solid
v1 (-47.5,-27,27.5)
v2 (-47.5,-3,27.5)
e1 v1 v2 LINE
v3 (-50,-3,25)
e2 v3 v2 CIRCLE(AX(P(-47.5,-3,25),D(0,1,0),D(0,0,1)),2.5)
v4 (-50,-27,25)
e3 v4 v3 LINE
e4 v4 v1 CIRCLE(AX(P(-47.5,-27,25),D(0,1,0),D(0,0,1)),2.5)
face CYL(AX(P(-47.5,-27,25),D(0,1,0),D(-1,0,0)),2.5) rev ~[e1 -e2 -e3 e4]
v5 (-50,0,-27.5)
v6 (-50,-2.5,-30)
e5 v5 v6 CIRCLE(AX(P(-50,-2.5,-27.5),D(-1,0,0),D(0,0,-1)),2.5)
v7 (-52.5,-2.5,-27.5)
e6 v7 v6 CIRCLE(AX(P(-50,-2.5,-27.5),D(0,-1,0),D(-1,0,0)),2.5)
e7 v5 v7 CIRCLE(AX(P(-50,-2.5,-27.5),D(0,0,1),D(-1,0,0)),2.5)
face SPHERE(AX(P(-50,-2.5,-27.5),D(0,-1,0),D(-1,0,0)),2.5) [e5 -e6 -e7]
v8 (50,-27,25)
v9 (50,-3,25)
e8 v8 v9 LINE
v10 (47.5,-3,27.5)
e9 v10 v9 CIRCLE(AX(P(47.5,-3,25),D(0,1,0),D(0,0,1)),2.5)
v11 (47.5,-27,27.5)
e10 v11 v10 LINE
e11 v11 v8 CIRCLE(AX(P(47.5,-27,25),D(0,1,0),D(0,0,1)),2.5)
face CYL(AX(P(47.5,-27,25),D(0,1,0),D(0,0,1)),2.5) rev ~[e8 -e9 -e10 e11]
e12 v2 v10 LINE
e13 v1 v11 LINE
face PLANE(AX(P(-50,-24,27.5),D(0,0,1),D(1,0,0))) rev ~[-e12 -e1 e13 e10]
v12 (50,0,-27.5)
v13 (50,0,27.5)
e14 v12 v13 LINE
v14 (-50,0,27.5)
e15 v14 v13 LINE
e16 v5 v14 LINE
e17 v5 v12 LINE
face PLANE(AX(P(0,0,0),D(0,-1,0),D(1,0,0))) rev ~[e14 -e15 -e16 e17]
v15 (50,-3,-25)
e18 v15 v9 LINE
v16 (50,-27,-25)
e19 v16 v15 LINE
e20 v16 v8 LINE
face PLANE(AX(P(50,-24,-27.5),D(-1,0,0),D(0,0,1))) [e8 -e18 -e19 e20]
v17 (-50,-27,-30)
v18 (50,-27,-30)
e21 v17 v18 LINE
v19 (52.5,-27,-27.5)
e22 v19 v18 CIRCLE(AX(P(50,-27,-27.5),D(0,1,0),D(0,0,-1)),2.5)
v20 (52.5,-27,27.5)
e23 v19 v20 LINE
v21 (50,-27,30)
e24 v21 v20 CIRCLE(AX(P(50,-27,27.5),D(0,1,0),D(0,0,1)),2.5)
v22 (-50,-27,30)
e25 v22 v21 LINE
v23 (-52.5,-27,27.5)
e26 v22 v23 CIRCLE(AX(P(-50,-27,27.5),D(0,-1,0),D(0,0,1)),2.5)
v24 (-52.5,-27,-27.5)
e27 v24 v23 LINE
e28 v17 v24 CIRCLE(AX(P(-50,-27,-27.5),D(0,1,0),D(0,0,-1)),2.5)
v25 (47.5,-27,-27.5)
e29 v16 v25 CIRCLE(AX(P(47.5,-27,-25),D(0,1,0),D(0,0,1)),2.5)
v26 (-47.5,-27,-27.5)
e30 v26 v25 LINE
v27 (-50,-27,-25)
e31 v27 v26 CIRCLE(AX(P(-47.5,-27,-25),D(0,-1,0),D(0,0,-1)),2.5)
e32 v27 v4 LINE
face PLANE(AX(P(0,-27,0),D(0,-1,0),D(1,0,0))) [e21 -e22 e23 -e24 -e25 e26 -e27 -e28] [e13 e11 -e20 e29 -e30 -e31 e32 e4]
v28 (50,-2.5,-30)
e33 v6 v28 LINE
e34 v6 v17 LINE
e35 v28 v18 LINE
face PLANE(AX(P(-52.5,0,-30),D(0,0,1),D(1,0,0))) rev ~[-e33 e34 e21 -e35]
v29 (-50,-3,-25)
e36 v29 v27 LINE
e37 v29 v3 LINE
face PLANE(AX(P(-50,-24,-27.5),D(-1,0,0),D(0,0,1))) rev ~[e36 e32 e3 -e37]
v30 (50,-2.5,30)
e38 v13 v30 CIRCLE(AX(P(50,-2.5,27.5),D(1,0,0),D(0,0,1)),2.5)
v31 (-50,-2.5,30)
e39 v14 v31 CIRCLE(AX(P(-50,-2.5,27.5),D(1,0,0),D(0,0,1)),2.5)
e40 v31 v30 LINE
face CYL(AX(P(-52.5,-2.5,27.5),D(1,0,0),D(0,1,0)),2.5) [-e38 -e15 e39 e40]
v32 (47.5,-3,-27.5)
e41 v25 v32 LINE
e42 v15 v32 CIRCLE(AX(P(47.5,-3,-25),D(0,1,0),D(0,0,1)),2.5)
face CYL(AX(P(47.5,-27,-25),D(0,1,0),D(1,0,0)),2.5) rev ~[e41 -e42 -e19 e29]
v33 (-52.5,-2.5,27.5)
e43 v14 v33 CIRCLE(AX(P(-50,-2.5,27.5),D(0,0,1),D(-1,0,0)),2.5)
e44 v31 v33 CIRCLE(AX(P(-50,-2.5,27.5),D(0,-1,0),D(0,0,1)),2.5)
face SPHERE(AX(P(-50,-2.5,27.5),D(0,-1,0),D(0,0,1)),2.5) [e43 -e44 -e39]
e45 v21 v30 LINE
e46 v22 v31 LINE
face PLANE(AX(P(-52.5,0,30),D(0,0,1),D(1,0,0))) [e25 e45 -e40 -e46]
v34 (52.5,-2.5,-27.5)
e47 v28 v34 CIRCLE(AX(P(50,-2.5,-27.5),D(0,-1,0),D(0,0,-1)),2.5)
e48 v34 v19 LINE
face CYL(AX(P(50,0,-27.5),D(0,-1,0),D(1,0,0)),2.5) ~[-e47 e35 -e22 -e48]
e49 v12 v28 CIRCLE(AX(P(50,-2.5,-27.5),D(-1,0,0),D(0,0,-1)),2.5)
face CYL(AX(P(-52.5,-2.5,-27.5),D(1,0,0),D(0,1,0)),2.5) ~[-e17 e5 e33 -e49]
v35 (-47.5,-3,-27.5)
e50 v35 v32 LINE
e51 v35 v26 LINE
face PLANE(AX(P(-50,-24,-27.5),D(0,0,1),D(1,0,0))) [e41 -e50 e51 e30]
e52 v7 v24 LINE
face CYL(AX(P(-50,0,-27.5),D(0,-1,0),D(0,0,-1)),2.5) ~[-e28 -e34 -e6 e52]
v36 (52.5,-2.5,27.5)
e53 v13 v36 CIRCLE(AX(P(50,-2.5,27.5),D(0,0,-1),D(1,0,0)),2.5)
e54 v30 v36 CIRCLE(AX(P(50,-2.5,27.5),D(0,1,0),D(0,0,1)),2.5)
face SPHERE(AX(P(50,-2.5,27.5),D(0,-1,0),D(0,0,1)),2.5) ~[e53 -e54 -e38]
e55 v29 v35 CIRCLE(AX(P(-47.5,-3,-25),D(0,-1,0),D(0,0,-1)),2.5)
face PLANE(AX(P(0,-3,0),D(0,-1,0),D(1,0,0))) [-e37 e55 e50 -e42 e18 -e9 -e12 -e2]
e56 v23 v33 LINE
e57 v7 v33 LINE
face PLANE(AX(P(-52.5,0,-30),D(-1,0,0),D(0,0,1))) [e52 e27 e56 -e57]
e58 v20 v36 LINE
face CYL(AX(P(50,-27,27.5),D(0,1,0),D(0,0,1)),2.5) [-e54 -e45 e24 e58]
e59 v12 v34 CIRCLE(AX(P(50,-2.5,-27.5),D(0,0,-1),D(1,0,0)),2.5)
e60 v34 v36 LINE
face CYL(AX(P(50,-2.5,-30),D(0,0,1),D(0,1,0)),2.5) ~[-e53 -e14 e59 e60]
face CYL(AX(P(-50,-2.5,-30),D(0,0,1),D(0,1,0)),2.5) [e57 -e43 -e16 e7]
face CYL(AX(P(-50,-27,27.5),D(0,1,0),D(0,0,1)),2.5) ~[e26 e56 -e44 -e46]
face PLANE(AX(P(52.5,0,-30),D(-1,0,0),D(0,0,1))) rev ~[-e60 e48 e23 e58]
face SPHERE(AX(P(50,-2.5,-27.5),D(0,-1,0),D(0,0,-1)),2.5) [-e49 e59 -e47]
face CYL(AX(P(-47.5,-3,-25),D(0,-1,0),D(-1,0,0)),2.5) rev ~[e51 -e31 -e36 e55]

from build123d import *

# Parameters (mm, degrees)
F0_W        = 105
F0_H        = 60
F0_W_2      = 100
F0_H_2      = 55
F2_DEPTH    = 24
F2_FACE_W   = 105
F2_FACE_H   = 60
F2_FACE_W_2 = 100
F2_FACE_H_2 = 55
F1_R        = 3
F1_R_2      = 1.25
F3_DEPTH    = 3
F4_R        = 2.5


with BuildPart() as f2:
    # F0 (on Front) → F2 (new body)
    with BuildSketch(Plane.XZ):
        Rectangle(F0_W, F0_H)
        Rectangle(F0_W_2, F0_H_2, mode=Mode.SUBTRACT)
    extrude(amount=F2_DEPTH)

    # F0 (on Front) + F2_face (on face) + F1 (on Front) → F3 (join)
    with BuildSketch(Plane.XZ):
        Rectangle(F0_W_2, F0_H_2)
    with BuildSketch(Plane.XZ.offset(24)):
        Rectangle(F2_FACE_W, F2_FACE_H)
        Rectangle(F2_FACE_W_2, F2_FACE_H_2, mode=Mode.SUBTRACT)
    with BuildSketch(Plane.XZ):
        with Locations((-42.9925474213, -21.9911143348)):
            Circle(F1_R)
        with Locations((-42.9925474213, -21.9911143348)):
            Circle(F1_R_2, mode=Mode.SUBTRACT)
        with Locations((-42.9925474213, 22.0088856652)):
            Circle(F1_R)
        with Locations((-42.9925474213, 22.0088856652)):
            Circle(F1_R_2, mode=Mode.SUBTRACT)
        with Locations((43.0074525787, 22.0088856652)):
            Circle(F1_R)
        with Locations((43.0074525787, 22.0088856652)):
            Circle(F1_R_2, mode=Mode.SUBTRACT)
        with Locations((43.0074525787, -21.9911143348)):
            Circle(F1_R)
        with Locations((43.0074525787, -21.9911143348)):
            Circle(F1_R_2, mode=Mode.SUBTRACT)
    extrude(amount=F3_DEPTH)

    # F4
    f4_edges = [f2.edges().sort_by_distance(p)[0] for p in [
        (-52.5, -13.5, -30),
        (52.5, -13.5, -30),
        (52.5, -13.5, 30),
        (-52.5, -13.5, 30),
        (0, 0, 30),
        (-52.5, 0, 0),
        (0, 0, -30),
        (52.5, 0, 0),
        (50, -15, -27.5),
        (-50, -15, -27.5),
        (50, -15, 27.5),
        (-50, -15, 27.5),
    ]]
    fillet(f4_edges, radius=F4_R)


solid = f2.part
